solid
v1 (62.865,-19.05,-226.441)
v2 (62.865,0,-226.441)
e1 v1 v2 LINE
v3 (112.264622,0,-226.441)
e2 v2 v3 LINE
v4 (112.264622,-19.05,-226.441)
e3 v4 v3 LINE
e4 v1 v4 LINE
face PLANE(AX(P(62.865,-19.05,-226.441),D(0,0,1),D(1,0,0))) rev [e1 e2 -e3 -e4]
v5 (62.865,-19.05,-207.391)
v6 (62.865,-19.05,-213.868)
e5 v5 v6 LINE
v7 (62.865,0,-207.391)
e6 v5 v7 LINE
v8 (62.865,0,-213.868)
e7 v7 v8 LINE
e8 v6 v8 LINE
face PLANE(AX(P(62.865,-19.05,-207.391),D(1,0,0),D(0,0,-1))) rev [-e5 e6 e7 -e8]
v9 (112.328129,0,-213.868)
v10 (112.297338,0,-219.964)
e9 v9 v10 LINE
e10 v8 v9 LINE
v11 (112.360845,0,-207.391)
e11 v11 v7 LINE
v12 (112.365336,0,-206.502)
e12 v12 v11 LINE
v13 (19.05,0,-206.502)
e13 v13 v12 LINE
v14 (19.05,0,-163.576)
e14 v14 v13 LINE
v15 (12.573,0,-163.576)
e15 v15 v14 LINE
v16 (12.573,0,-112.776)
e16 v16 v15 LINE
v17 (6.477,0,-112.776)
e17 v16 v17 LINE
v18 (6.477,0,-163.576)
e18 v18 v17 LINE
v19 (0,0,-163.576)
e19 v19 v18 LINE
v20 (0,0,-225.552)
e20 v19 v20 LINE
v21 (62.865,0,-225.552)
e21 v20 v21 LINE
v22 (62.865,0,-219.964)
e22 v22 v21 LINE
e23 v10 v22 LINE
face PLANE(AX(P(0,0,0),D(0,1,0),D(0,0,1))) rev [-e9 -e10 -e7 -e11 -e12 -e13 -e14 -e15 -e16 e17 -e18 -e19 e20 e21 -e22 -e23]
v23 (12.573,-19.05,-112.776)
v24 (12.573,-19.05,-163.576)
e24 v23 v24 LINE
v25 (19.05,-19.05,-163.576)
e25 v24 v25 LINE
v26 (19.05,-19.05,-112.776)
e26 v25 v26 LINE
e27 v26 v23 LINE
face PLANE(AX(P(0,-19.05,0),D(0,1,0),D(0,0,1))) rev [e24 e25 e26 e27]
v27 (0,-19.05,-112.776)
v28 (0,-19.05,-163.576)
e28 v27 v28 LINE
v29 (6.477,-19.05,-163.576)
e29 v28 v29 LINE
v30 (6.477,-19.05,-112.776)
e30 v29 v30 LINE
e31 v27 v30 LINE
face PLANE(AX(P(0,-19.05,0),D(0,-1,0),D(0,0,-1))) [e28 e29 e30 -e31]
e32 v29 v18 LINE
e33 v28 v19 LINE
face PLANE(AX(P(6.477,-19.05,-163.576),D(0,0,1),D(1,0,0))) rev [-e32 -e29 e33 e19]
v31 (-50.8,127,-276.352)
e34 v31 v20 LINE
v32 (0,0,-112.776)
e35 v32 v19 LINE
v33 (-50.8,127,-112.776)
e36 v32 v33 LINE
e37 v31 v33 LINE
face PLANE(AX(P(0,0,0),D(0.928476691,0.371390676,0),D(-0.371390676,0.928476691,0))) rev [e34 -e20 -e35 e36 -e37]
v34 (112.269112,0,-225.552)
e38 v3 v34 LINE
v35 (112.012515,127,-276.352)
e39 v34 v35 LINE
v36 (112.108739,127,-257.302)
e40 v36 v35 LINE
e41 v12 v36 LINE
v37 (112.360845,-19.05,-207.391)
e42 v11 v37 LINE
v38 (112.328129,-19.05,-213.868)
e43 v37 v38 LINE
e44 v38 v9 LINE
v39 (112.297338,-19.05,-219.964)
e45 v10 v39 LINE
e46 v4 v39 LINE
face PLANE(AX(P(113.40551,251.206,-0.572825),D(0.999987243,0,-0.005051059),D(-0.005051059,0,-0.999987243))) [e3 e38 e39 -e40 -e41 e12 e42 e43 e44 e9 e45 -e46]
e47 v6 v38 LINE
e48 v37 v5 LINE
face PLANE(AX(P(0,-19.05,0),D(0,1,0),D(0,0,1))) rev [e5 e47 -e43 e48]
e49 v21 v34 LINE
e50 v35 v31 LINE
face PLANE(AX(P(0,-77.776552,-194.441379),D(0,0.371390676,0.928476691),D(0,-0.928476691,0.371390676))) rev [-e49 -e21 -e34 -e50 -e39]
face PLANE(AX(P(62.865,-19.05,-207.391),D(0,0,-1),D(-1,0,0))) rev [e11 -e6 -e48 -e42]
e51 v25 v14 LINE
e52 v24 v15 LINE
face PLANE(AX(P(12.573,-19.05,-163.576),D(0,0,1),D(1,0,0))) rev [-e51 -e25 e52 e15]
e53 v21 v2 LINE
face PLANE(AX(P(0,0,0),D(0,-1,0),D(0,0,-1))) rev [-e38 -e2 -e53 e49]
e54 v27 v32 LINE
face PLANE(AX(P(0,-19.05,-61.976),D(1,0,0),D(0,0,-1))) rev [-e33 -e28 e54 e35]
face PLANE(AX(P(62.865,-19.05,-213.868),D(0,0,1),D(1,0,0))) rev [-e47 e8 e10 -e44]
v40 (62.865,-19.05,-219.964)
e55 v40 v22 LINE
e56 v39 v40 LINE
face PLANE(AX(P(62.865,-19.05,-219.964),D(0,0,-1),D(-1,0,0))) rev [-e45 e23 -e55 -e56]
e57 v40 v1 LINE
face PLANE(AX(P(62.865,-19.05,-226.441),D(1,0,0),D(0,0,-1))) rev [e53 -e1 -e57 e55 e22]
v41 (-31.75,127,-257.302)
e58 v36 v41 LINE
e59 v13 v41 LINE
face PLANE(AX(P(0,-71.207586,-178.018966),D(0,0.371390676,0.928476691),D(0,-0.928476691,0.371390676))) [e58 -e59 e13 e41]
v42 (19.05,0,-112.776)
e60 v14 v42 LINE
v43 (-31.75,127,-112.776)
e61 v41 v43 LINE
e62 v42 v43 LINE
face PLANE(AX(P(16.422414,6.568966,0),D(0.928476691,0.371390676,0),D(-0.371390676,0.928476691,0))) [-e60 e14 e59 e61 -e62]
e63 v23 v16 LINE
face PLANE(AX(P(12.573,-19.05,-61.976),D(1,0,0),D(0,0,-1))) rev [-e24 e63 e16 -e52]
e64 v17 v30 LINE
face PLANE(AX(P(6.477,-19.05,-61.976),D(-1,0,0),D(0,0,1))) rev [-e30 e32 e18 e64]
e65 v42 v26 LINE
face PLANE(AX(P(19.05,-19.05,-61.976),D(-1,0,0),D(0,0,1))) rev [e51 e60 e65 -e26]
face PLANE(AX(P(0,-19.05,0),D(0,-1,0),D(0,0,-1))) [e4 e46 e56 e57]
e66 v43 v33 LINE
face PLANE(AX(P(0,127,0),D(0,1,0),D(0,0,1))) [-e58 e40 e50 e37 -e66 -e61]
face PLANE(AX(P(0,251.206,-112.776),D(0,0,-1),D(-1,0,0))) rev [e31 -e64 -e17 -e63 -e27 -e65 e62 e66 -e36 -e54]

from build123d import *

# Parameters (mm, degrees)
SKETCH5_W               = 6.477
SKETCH5_H               = 101.6
SKETCH5_W_2             = 101.6
SKETCH5_H_2             = 6.477
BOSS_EXTRUDE1_DEPTH     = 19.05
CUT_EXTRUDE2_DEPTH      = 251.206
CUT_EXTRUDE2_DEPTH_BACK = 164.846


with BuildPart() as part:
    # Sketch2 → Loft1 section 0
    with BuildSketch(Plane(origin=(0, 127, 0), x_dir=(1, 0, 0), z_dir=(0, 1, 0))):
        with BuildLine():
            Line((-50.8, -50.8), (278.13, -50.8))
            Line((278.13, -50.8), (278.13, 276.352))
            Line((278.13, 276.352), (-50.8, 276.352))
            Line((-50.8, 276.352), (-50.8, -50.8))
        make_face()
    # Sketch1 → Loft1 section 1
    with BuildSketch(Plane(origin=(0, 0, 0), x_dir=(1, 0, 0), z_dir=(0, 1, 0))):
        with BuildLine():
            Line((0, 0), (227.33, 0))
            Line((227.33, 0), (227.33, 225.552))
            Line((227.33, 225.552), (0, 225.552))
            Line((0, 225.552), (0, 0))
        make_face()
    loft()

    # Sketch4 → Cut-Loft3 section 0
    with BuildSketch(Plane.XZ):
        with BuildLine():
            Line((208.28, -19.05), (19.05, -19.05))
            Line((19.05, -19.05), (19.05, -206.502))
            Line((19.05, -206.502), (208.28, -206.502))
            Line((208.28, -206.502), (208.28, -19.05))
        make_face()
    # Sketch3 → Cut-Loft3 section 1
    with BuildSketch(Plane(origin=(0, 127, 0), x_dir=(1, 0, 0), z_dir=(0, 1, 0))):
        with BuildLine():
            Line((-31.75, 257.302), (-31.75, -31.75))
            Line((-31.75, -31.75), (259.08, -31.75))
            Line((259.08, -31.75), (259.08, 257.302))
            Line((259.08, 257.302), (-31.75, 257.302))
        make_face()
    loft(mode=Mode.SUBTRACT)

    # Sketch5 → Boss-Extrude1 (add)
    with BuildSketch(Plane.XZ):
        with Locations((3.2385, -112.776)):
            Rectangle(SKETCH5_W, SKETCH5_H)
        with Locations((15.8115, -112.776)):
            Rectangle(SKETCH5_W, SKETCH5_H)
        with Locations((113.665, -2.3495)):
            Rectangle(SKETCH5_W_2, SKETCH5_H_2)
        with Locations((113.665, -14.9225)):
            Rectangle(SKETCH5_W_2, SKETCH5_H_2)
        with Locations((224.0915, -112.776)):
            Rectangle(SKETCH5_W, SKETCH5_H)
        with Locations((211.5185, -112.776)):
            Rectangle(SKETCH5_W, SKETCH5_H)
        with Locations((113.665, -223.2025)):
            Rectangle(SKETCH5_W_2, SKETCH5_H_2)
        with Locations((113.665, -210.6295)):
            Rectangle(SKETCH5_W_2, SKETCH5_H_2)
    extrude(amount=BOSS_EXTRUDE1_DEPTH)

    # Sketch6 → Cut-Extrude2 (cut, two sides: drawn at the far end of the back side and taken through both)
    with BuildSketch(Plane(origin=(0, 0, 0), x_dir=(1, 0, 0), z_dir=(0, 1, 0)).offset(-CUT_EXTRUDE2_DEPTH_BACK)):
        Polygon((278.13, 276.352), (112.012514998, 276.352), (112.838757499, 112.776), (278.13, 112.776), align=None)
        Polygon((278.13, 112.776), (112.838757499, 112.776), (113.665, -50.8), (278.13, -50.8), align=None)
        Polygon((113.665, -50.8), (112.838757499, 112.776), (-50.8, 112.776), (-50.8, -50.8), align=None)
    extrude(amount=CUT_EXTRUDE2_DEPTH + CUT_EXTRUDE2_DEPTH_BACK, mode=Mode.SUBTRACT)


solid = part.part
